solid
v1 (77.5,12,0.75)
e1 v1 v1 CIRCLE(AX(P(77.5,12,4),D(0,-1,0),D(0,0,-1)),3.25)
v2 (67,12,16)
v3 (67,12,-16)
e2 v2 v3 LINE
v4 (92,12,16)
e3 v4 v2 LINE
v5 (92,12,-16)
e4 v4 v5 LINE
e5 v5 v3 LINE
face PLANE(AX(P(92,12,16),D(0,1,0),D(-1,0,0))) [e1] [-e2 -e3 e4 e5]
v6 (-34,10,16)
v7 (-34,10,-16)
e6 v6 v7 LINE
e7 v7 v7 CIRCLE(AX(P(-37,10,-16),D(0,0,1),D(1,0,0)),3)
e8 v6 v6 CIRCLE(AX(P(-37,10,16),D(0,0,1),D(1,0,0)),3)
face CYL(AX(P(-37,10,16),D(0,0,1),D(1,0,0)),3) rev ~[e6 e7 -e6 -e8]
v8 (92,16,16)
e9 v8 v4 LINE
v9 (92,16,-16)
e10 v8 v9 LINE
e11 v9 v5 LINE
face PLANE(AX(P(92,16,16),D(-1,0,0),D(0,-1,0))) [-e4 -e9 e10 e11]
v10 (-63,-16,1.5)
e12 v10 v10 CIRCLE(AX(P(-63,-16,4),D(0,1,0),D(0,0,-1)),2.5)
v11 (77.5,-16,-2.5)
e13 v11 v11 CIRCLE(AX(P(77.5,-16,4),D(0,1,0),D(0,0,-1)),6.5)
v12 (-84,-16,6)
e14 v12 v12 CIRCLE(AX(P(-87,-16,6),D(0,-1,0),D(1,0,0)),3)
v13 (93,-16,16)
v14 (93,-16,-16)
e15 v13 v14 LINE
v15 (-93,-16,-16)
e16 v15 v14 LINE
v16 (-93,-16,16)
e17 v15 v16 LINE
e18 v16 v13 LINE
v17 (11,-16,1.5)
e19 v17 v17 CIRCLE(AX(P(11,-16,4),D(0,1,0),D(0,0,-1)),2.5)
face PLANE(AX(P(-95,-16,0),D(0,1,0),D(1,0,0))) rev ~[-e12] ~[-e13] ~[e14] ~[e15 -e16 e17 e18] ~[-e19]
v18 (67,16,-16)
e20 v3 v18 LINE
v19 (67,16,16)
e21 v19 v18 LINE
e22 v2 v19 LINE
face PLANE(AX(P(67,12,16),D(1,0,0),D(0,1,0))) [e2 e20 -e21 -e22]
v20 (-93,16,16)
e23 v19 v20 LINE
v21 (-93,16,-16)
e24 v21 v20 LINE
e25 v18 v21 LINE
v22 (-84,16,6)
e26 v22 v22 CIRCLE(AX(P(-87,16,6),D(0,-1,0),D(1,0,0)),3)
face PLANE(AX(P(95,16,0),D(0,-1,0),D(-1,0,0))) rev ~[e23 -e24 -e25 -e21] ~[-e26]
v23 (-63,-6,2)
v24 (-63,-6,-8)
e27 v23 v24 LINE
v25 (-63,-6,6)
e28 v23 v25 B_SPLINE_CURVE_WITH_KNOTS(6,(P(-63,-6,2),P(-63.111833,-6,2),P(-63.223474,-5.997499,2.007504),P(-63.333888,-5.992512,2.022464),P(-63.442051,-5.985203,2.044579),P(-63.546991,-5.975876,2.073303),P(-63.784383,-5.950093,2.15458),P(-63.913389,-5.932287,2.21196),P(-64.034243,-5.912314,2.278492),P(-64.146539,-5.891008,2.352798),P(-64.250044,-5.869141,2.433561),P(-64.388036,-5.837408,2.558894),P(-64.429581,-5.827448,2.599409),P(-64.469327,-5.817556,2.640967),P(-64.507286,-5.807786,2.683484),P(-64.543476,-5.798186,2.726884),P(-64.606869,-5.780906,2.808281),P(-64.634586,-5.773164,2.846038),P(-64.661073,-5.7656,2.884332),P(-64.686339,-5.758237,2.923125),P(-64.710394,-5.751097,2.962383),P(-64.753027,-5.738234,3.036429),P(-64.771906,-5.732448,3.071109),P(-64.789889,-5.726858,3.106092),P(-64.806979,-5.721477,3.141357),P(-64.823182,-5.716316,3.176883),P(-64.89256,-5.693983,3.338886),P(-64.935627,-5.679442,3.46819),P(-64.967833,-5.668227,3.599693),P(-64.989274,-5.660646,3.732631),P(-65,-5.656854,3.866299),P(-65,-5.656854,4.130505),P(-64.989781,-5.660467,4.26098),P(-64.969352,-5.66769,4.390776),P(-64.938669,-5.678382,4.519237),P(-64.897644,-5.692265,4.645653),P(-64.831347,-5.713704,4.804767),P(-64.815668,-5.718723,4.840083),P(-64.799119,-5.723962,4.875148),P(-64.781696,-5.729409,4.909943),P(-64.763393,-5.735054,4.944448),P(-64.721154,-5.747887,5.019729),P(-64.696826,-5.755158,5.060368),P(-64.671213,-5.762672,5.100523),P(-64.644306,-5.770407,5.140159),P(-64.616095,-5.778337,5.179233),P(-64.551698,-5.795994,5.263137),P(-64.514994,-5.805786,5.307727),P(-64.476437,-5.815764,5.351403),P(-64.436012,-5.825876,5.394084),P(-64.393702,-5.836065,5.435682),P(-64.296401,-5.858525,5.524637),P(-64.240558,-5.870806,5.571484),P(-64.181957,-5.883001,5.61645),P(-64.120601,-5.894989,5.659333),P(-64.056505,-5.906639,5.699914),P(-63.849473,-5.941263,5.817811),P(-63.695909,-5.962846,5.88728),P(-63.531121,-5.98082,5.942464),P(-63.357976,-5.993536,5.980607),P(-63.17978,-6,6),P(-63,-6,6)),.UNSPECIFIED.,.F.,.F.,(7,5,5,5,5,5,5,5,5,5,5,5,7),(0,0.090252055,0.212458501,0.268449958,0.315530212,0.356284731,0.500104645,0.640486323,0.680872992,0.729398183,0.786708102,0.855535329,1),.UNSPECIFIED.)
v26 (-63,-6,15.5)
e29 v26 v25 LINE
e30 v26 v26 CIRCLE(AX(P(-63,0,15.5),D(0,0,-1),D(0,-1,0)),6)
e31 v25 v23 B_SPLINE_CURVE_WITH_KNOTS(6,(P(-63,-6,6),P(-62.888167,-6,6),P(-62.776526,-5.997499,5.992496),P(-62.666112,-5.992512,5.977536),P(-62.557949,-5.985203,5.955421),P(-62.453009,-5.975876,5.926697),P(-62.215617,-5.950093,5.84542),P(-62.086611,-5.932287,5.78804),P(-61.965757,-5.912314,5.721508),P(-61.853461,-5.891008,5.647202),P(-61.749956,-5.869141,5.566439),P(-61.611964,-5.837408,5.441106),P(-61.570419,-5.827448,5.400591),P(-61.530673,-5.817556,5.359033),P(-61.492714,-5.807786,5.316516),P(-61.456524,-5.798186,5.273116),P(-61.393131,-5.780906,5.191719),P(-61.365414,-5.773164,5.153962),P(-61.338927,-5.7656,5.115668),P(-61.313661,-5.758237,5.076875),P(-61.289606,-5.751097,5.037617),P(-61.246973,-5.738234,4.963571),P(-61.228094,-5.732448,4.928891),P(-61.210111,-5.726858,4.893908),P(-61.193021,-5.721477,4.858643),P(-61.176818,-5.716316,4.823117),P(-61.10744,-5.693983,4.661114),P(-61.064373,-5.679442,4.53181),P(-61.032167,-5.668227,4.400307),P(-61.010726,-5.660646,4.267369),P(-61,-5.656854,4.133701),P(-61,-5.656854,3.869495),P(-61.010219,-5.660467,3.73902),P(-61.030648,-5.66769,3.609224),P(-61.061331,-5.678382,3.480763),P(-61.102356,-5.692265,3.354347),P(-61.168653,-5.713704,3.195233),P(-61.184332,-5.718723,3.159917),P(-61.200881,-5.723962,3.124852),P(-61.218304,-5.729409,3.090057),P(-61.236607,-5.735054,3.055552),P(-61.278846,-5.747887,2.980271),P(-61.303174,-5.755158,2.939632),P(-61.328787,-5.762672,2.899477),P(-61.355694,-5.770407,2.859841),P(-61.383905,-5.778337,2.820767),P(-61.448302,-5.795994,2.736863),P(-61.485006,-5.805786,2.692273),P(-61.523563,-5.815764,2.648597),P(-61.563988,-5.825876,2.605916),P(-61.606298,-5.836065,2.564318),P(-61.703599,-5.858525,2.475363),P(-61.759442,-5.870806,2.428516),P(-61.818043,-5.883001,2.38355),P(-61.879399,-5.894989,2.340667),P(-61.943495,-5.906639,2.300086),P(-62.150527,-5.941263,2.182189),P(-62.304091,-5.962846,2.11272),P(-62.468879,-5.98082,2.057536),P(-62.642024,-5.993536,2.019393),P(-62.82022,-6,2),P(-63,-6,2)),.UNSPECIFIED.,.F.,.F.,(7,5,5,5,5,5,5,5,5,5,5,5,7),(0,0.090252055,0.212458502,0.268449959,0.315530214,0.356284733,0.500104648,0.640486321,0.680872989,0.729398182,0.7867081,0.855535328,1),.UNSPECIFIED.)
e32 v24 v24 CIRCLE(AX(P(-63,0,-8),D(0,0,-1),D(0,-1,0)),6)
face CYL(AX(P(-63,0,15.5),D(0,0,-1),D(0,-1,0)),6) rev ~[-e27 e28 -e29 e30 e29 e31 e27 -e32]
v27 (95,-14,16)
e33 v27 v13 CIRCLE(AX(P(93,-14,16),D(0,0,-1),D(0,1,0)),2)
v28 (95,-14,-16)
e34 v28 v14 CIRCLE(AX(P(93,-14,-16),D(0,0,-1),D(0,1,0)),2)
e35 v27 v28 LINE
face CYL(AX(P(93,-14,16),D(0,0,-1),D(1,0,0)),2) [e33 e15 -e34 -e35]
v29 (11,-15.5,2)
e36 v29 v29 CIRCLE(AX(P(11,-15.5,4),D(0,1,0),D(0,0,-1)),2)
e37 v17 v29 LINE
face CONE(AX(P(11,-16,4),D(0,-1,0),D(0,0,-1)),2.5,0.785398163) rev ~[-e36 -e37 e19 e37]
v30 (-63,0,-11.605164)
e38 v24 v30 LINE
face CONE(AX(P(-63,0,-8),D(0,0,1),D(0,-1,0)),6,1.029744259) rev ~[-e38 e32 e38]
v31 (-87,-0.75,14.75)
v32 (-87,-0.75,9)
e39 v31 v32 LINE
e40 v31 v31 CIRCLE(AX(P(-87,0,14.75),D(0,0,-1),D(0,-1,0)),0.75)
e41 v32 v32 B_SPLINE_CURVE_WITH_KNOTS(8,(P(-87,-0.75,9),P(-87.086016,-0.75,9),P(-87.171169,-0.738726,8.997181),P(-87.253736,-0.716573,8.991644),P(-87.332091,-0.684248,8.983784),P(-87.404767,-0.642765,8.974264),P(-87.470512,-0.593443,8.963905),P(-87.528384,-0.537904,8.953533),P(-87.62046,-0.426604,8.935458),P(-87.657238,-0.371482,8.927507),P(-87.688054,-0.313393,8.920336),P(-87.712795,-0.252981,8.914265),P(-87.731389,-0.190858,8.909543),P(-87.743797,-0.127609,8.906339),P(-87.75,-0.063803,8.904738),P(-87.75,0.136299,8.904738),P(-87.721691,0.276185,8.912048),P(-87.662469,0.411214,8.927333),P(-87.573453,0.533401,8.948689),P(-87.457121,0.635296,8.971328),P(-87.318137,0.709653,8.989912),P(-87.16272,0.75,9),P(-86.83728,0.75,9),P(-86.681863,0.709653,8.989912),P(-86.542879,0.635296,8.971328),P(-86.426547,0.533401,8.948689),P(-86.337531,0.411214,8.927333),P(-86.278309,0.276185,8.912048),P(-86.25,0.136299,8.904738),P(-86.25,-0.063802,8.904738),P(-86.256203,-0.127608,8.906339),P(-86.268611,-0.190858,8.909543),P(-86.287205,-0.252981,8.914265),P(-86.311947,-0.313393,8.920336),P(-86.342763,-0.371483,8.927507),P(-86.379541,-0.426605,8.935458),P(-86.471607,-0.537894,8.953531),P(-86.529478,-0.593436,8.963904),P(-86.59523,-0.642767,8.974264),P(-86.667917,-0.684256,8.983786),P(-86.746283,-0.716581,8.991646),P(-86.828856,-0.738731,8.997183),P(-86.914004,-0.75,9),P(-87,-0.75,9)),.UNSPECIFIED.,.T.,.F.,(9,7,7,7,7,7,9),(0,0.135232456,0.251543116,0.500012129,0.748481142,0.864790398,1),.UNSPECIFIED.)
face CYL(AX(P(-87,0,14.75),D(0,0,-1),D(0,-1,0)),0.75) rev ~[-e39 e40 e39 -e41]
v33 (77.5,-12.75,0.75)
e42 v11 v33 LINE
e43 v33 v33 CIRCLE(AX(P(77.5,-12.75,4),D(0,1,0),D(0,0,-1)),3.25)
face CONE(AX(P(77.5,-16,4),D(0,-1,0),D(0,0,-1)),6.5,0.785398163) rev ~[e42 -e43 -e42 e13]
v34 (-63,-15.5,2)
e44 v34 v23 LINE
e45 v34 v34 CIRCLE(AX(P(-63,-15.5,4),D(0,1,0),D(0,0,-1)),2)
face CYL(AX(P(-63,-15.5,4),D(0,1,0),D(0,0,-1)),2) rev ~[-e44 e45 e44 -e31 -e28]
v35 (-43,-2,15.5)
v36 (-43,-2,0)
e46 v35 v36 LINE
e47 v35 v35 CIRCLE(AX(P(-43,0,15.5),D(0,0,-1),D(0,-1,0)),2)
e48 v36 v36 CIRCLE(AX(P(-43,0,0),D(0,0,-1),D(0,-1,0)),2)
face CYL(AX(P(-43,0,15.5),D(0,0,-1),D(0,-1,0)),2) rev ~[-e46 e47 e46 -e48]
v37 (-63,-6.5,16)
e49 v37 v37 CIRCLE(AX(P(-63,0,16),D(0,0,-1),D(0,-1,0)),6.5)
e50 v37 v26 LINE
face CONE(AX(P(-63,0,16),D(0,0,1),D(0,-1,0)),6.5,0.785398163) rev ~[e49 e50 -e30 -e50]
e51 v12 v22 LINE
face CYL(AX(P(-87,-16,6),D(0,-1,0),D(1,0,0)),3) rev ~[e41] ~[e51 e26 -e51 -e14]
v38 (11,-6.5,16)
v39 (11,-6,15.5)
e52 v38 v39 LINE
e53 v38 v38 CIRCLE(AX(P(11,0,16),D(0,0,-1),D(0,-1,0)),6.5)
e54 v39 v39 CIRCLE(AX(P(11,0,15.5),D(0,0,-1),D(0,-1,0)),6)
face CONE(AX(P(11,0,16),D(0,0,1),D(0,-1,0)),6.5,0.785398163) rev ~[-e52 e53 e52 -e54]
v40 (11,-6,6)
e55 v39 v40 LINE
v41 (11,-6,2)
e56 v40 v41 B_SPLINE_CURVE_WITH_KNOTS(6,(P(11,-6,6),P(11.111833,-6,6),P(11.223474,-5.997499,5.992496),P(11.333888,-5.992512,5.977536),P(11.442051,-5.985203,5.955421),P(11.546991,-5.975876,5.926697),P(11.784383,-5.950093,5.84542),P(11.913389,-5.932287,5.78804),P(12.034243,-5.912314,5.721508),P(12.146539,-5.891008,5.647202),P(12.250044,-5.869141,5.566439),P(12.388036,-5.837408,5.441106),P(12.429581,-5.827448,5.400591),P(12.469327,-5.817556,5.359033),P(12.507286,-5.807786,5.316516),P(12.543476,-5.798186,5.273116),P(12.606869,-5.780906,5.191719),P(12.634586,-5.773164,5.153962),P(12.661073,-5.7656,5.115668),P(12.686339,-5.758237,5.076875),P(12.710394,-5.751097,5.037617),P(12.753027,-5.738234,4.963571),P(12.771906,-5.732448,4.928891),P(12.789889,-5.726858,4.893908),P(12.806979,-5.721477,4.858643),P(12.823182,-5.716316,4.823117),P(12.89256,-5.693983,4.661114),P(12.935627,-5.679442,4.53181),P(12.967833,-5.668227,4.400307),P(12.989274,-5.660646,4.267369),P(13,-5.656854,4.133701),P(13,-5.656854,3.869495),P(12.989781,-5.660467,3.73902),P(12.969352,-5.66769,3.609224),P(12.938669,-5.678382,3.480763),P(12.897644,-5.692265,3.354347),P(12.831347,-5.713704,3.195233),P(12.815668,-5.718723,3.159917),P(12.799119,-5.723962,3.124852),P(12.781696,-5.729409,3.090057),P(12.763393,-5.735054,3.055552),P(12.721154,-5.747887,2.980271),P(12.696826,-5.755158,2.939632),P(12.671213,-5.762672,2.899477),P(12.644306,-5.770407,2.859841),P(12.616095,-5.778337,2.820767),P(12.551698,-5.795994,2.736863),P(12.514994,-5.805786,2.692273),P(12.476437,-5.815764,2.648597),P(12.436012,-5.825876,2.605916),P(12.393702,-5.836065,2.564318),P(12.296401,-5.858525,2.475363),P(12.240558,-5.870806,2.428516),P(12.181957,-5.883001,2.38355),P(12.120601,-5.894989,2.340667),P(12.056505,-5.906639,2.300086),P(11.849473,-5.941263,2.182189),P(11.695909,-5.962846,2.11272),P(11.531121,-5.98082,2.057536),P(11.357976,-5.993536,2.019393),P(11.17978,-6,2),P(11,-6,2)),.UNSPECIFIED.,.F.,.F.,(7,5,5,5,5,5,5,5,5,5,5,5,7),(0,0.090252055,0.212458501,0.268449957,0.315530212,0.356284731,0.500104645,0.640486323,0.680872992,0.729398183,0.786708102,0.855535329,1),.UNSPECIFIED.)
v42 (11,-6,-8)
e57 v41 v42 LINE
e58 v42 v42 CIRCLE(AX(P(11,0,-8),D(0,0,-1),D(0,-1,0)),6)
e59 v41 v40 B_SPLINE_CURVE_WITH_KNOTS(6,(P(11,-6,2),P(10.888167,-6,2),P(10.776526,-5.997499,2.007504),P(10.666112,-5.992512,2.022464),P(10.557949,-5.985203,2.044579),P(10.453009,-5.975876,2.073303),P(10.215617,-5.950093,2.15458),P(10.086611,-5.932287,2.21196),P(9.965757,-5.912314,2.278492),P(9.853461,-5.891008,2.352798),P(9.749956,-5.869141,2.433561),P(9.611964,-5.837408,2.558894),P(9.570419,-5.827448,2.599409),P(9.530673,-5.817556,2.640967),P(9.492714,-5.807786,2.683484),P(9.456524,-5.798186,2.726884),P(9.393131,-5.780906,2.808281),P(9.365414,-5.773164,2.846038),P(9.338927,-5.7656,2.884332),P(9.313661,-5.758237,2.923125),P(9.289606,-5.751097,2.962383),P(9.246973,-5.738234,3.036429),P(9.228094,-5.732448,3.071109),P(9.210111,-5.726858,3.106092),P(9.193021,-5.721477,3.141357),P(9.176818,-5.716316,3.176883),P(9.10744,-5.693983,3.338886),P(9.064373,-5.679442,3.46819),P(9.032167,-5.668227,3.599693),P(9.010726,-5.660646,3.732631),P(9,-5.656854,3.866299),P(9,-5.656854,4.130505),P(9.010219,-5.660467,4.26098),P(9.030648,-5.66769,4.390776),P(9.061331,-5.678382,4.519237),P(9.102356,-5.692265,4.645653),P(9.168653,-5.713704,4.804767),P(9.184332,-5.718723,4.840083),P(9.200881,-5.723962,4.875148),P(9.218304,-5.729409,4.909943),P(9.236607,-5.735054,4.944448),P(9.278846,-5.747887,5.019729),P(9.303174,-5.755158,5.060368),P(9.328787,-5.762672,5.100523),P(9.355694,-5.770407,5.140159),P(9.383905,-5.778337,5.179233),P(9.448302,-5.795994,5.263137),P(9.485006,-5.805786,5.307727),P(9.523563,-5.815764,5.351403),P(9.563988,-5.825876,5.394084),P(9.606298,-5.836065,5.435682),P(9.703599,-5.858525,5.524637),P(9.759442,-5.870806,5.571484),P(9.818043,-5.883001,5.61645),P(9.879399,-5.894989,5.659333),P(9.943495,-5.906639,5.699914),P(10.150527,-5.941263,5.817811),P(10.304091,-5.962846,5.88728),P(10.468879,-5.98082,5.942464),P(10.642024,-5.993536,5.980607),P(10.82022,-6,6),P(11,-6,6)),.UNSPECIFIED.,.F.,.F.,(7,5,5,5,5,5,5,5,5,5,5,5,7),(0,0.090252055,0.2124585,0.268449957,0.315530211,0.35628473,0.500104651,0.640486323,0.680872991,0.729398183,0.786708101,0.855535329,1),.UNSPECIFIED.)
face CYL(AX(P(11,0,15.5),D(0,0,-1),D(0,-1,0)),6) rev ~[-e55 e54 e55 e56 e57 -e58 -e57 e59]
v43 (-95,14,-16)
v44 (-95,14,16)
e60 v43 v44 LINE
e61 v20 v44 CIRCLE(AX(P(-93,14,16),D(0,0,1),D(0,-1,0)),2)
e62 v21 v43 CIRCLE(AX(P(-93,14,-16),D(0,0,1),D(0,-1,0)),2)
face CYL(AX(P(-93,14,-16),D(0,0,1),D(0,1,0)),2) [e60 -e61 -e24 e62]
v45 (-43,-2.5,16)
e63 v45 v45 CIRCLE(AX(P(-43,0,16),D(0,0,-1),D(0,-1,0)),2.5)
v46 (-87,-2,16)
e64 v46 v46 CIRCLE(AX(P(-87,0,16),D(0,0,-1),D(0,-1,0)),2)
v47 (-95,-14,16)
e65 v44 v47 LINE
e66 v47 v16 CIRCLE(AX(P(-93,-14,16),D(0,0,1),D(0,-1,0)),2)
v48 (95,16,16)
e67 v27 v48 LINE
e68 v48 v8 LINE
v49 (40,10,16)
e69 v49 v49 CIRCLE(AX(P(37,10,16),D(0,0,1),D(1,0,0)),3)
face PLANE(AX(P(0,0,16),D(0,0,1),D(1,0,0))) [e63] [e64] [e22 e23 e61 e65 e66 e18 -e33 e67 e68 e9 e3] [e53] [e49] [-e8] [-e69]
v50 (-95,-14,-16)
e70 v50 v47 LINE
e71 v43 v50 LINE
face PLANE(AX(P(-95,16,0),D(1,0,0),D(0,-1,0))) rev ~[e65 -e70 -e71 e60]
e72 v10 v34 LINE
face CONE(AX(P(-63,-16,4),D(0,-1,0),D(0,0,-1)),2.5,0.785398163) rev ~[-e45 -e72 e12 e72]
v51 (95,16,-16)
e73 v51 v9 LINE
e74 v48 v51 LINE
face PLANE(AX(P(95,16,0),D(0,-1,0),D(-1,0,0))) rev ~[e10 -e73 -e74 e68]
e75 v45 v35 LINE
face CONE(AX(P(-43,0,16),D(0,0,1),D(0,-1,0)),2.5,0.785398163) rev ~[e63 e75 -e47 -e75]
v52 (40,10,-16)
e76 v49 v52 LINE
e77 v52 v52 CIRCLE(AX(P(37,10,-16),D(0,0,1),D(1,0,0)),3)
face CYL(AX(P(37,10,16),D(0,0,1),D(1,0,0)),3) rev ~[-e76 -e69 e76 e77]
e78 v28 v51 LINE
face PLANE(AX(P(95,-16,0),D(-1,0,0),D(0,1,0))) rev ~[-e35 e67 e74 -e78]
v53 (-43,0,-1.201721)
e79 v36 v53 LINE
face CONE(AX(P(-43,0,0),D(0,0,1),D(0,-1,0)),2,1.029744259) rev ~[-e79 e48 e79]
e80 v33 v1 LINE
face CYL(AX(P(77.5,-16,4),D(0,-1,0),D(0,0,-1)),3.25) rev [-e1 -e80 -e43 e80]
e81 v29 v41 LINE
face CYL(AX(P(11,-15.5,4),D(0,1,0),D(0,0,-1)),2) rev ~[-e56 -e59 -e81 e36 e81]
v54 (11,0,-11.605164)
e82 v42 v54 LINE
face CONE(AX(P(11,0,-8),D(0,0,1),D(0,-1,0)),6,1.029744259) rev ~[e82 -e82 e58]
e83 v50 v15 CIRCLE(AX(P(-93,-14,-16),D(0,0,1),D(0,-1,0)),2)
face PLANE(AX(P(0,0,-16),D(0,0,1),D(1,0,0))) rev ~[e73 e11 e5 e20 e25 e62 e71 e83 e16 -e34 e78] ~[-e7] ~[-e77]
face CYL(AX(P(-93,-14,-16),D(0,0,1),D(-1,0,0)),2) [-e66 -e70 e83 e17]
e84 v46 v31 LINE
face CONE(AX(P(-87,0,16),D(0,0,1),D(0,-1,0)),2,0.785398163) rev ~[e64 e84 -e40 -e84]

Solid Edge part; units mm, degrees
sketch "Sketch1" plane through (0, 0, 0) normal (0, 0, 1) x (1, 0, 0)
  line L0 (95, 16) -> (-95, 16)
  line L1 (-95, 16) -> (-95, -16)
  line L2 (-95, -16) -> (95, -16)
  line L3 (95, -16) -> (95, 16)
extrude "Protrusion1" add sketch "Sketch1" along normal mid plane 32
fillet "Round_1" radius 2 3 edges at (95, -16, 0) (-95, -16, 0) (-95, 16, 0)
sketch "Sketch2" plane through (0, 0, 16) normal (0, 0, 1) x (1, 0, 0)
  line L0 (67, 16) -> (92, 16)
  line L1 (92, 16) -> (92, 12)
  line L2 (92, 12) -> (67, 12)
  line L3 (67, 12) -> (67, 16)
extrude "ExtrudedCutout_1" cut sketch "Sketch2" against normal blind 60.1716
hole "Hole_3" at (-63, 0, 16) direction (0, 0, -1) diameter 12 depth 24 tip angle 118 countersink diameter 13 countersink angle 90
hole "Hole1" at (11, 0, 16) direction (0, 0, -1) diameter 12 depth 24 tip angle 118 countersink diameter 13 countersink angle 90
hole "Hole_6" at (-63, -16, 4) direction (0, 1, 0) diameter 4 depth 11.5 tip angle 118 countersink diameter 5 countersink angle 90
hole "Hole2" at (11, -16, 4) direction (0, 1, 0) diameter 4 depth 11.5 tip angle 118 countersink diameter 5 countersink angle 90
hole "Hole_8" at (77.5, -16, 4) direction (0, 1, 0) diameter 6.5 end through all countersink diameter 13 countersink angle 90
sketch "Sketch3" plane through (0, -16, 0) normal (0, -1, 0) x (1, 0, 0)
  circle A0 centre (-87, 6) radius 3
extrude "ExtrudedCutout_2" cut sketch "Sketch3" against normal blind 90
hole "Hole_9" at (-87, 0, 16) direction (0, 0, -1) diameter 1.5 depth 10 tip angle 118 countersink diameter 4 countersink angle 90
hole "Hole_10" at (-43, 0, 16) direction (0, 0, -1) diameter 4 depth 16 tip angle 118 countersink diameter 5 countersink angle 90
sketch "Sketch4" plane through (0, 0, 16) normal (0, 0, 1) x (1, 0, 0)
  circle A0 centre (-37, 10) radius 3
  circle A1 centre (37, 10) radius 3
  dimension "D1" = 6
  dimension "D2" = 58
  dimension "D3" = 6
extrude "ExtrudedCutout_3" cut sketch "Sketch4" against normal blind 60
